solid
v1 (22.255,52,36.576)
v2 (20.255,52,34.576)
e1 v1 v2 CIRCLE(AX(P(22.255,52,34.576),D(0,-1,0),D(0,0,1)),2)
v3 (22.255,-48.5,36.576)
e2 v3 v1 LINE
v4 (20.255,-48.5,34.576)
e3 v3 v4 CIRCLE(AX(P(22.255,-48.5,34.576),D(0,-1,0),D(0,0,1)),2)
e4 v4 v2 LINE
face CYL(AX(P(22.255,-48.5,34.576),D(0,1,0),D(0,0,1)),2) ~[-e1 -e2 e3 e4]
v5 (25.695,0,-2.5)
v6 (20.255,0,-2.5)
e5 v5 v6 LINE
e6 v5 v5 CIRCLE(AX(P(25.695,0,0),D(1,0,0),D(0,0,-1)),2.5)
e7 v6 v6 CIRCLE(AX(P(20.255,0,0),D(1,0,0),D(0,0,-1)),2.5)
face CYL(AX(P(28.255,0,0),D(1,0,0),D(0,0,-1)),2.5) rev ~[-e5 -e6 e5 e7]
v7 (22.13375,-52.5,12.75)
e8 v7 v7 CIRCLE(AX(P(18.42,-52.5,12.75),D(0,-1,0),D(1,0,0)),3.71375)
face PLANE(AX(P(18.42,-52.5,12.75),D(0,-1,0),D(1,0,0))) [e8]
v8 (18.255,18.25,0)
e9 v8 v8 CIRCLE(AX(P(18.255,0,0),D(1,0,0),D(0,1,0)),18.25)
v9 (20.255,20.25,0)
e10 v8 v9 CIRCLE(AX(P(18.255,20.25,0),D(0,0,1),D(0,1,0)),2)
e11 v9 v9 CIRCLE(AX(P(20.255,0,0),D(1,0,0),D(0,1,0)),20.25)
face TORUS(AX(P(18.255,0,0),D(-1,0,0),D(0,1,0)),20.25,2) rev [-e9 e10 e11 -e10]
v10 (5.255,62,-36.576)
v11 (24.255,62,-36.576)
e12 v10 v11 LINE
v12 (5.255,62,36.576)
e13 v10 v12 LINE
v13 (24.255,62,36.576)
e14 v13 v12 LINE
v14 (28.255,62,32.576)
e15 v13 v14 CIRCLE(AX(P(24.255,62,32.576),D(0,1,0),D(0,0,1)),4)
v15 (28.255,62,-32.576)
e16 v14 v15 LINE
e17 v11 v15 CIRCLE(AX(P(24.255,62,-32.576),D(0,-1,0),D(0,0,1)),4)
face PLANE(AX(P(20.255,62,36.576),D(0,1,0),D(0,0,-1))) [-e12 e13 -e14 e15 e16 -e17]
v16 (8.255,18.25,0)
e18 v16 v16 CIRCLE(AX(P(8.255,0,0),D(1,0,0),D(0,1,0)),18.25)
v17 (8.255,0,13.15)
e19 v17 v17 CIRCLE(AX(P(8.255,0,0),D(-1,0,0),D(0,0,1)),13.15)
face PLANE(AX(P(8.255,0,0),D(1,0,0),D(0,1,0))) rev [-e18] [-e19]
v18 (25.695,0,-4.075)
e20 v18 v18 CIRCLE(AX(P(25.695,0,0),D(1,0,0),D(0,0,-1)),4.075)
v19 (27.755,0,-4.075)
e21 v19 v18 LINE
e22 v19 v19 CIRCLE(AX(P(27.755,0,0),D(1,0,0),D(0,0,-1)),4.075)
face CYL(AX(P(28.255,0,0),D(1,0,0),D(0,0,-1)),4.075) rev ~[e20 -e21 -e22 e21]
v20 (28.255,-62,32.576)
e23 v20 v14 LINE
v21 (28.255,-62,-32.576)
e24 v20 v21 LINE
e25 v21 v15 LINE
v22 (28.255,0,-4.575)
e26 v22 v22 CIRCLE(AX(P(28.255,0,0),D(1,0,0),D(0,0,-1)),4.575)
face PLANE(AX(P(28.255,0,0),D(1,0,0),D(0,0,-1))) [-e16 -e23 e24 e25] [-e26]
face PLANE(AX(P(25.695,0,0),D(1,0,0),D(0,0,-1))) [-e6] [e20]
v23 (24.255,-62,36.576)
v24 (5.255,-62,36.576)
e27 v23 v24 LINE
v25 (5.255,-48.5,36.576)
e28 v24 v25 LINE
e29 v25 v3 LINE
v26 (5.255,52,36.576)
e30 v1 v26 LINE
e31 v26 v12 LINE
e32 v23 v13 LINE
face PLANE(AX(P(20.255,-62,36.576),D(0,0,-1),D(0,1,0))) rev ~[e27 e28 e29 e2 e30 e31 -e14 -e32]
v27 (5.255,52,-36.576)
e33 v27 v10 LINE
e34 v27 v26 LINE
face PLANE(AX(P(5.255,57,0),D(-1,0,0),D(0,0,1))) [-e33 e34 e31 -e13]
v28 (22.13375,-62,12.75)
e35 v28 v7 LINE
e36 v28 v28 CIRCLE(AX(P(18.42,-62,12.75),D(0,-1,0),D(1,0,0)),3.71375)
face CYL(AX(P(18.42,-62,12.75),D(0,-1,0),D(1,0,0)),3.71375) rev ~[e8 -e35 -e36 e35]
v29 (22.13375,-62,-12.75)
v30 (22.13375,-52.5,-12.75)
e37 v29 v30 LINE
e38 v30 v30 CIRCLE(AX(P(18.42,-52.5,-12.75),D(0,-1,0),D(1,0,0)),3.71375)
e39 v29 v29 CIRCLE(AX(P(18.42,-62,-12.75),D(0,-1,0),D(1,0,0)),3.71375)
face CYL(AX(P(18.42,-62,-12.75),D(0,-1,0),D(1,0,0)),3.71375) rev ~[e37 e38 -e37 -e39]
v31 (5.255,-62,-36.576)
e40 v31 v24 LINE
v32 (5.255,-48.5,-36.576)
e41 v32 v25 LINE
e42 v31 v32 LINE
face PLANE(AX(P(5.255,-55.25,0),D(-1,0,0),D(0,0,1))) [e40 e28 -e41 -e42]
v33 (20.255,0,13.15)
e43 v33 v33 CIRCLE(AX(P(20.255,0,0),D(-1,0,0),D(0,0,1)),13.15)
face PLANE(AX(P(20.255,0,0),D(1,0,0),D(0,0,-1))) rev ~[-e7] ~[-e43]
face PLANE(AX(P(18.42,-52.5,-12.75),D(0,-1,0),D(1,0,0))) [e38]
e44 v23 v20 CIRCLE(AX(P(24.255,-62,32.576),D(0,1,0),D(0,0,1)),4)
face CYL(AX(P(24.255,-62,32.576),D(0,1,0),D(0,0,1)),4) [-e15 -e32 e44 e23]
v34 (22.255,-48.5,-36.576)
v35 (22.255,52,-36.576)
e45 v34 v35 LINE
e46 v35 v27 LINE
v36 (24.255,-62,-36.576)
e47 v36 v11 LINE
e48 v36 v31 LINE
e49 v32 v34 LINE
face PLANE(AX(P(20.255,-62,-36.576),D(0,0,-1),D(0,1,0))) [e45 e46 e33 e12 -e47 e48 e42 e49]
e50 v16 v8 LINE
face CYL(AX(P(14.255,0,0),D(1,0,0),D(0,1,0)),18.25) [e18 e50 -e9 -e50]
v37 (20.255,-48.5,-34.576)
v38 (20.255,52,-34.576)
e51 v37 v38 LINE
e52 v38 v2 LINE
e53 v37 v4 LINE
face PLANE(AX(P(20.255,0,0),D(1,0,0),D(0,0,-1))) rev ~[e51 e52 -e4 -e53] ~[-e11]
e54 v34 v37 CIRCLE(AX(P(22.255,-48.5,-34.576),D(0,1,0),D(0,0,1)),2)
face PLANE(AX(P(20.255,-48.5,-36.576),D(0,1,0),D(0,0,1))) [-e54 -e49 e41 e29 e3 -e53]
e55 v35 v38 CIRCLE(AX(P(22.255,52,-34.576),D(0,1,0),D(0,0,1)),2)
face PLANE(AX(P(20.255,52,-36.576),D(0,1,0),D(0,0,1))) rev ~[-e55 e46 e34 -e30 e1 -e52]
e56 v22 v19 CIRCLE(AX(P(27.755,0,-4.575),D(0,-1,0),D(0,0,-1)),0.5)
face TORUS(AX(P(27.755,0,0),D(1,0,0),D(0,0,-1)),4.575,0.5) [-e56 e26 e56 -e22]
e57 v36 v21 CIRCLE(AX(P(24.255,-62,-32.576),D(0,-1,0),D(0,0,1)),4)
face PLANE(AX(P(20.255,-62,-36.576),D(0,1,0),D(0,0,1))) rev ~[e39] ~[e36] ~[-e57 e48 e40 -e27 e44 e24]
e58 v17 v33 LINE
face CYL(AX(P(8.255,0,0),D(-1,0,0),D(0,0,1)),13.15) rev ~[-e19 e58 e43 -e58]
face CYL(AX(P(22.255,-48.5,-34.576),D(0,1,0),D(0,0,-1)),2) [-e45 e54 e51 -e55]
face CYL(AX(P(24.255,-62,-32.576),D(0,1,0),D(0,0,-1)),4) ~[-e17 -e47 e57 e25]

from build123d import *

# Parameters (mm, degrees)
SKETCH1_W           = 12
SKETCH1_H           = 18.25
SKETCH2_R           = 3.7145
CUT_EXTRUDE1_DEPTH  = 8.5725
SKETCH3_W           = 73.152
SKETCH3_H           = 124
BOSS_EXTRUDE1_DEPTH = 8
FILLET1_R           = 4
SKETCH6_R           = 13.15
CUT_EXTRUDE2_DEPTH  = 12
SKETCH12_R          = 4.075
CUT_EXTRUDE6_DEPTH  = 2.56
SKETCH12_6_R        = 2.5
CUT_EXTRUDE7_DEPTH  = 8
FILLET2_R           = 0.5
SKETCH13_W          = 73.152
SKETCH13_H          = 13.5
SKETCH13_H_2        = 10
BOSS_EXTRUDE3_DEPTH = 15
FILLET3_R           = 2
SKETCH14_R          = 3.71375
CUT_EXTRUDE8_DEPTH  = 9.5


with BuildPart() as part:
    # Sketch1 → Revolve1 (revolve)
    with BuildSketch(Plane.XY):
        with Locations((14.255, 9.125)):
            Rectangle(SKETCH1_W, SKETCH1_H)
    revolve(axis=Axis((8.255, 0, 0), (1, 0, 0)))

    # Sketch2 → Cut-Extrude1 (cut)
    with BuildSketch(Plane.ZY.offset(-8.255)):
        Circle(SKETCH2_R)
    extrude(amount=-CUT_EXTRUDE1_DEPTH, mode=Mode.SUBTRACT)

    # Sketch6 → Cut-Extrude2 (cut)
    with BuildSketch(Plane.ZY.offset(-8.255)):
        Circle(SKETCH6_R)
    extrude(amount=-CUT_EXTRUDE2_DEPTH, mode=Mode.SUBTRACT)


with BuildPart() as body_2:
    # Sketch3 → Boss-Extrude1 (new body)
    with BuildSketch(Plane(origin=(20.255, 0, 0), x_dir=(0, 0, -1), z_dir=(1, 0, 0))):
        Rectangle(SKETCH3_W, SKETCH3_H)
    extrude(amount=BOSS_EXTRUDE1_DEPTH)

    # Fillet1
    fillet1_edges = [body_2.edges().sort_by_distance(p)[0] for p in [
        (28.255, 0, -36.576),
        (28.255, 0, 36.576),
    ]]
    fillet(fillet1_edges, radius=FILLET1_R)

    # Sketch12 → Cut-Extrude6 (cut)
    with BuildSketch(Plane(origin=(28.255, 0, 0), x_dir=(0, 0, -1), z_dir=(1, 0, 0))):
        Circle(SKETCH12_R)
    extrude(amount=-CUT_EXTRUDE6_DEPTH, mode=Mode.SUBTRACT)

    # Sketch12_6 → Cut-Extrude7 (cut)
    with BuildSketch(Plane(origin=(28.255, 0, 0), x_dir=(0, 0, -1), z_dir=(1, 0, 0))):
        Circle(SKETCH12_6_R)
    extrude(amount=-CUT_EXTRUDE7_DEPTH, mode=Mode.SUBTRACT)

    # Fillet2
    fillet2_edges = [body_2.edges().sort_by_distance(p)[0] for p in [
        (28.255, 0, 4.075),
    ]]
    fillet(fillet2_edges, radius=FILLET2_R)


with BuildPart() as part_1:
    add(part.part)

    # Combine1: union body 2
    add(body_2.part)

    # Sketch13 → Boss-Extrude3 (add)
    with BuildSketch(Plane.ZY.offset(-20.255)):
        with Locations((0, -55.25)):
            Rectangle(SKETCH13_W, SKETCH13_H)
        with Locations((0, 57)):
            Rectangle(SKETCH13_W, SKETCH13_H_2)
    extrude(amount=BOSS_EXTRUDE3_DEPTH)

    # Fillet3
    fillet3_edges = [part_1.edges().sort_by_distance(p)[0] for p in [
        (20.255, -18.25, 0),
        (20.255, 1.75, 36.576),
        (20.255, 1.75, -36.576),
    ]]
    fillet(fillet3_edges, radius=FILLET3_R)

    # Sketch14 → Cut-Extrude8 (cut)
    with BuildSketch(Plane.XZ.offset(62)):
        with Locations((18.42, 12.75)):
            Circle(SKETCH14_R)
        with Locations((18.42, -12.75)):
            Circle(SKETCH14_R)
    extrude(amount=-CUT_EXTRUDE8_DEPTH, mode=Mode.SUBTRACT)


solid = part_1.part
